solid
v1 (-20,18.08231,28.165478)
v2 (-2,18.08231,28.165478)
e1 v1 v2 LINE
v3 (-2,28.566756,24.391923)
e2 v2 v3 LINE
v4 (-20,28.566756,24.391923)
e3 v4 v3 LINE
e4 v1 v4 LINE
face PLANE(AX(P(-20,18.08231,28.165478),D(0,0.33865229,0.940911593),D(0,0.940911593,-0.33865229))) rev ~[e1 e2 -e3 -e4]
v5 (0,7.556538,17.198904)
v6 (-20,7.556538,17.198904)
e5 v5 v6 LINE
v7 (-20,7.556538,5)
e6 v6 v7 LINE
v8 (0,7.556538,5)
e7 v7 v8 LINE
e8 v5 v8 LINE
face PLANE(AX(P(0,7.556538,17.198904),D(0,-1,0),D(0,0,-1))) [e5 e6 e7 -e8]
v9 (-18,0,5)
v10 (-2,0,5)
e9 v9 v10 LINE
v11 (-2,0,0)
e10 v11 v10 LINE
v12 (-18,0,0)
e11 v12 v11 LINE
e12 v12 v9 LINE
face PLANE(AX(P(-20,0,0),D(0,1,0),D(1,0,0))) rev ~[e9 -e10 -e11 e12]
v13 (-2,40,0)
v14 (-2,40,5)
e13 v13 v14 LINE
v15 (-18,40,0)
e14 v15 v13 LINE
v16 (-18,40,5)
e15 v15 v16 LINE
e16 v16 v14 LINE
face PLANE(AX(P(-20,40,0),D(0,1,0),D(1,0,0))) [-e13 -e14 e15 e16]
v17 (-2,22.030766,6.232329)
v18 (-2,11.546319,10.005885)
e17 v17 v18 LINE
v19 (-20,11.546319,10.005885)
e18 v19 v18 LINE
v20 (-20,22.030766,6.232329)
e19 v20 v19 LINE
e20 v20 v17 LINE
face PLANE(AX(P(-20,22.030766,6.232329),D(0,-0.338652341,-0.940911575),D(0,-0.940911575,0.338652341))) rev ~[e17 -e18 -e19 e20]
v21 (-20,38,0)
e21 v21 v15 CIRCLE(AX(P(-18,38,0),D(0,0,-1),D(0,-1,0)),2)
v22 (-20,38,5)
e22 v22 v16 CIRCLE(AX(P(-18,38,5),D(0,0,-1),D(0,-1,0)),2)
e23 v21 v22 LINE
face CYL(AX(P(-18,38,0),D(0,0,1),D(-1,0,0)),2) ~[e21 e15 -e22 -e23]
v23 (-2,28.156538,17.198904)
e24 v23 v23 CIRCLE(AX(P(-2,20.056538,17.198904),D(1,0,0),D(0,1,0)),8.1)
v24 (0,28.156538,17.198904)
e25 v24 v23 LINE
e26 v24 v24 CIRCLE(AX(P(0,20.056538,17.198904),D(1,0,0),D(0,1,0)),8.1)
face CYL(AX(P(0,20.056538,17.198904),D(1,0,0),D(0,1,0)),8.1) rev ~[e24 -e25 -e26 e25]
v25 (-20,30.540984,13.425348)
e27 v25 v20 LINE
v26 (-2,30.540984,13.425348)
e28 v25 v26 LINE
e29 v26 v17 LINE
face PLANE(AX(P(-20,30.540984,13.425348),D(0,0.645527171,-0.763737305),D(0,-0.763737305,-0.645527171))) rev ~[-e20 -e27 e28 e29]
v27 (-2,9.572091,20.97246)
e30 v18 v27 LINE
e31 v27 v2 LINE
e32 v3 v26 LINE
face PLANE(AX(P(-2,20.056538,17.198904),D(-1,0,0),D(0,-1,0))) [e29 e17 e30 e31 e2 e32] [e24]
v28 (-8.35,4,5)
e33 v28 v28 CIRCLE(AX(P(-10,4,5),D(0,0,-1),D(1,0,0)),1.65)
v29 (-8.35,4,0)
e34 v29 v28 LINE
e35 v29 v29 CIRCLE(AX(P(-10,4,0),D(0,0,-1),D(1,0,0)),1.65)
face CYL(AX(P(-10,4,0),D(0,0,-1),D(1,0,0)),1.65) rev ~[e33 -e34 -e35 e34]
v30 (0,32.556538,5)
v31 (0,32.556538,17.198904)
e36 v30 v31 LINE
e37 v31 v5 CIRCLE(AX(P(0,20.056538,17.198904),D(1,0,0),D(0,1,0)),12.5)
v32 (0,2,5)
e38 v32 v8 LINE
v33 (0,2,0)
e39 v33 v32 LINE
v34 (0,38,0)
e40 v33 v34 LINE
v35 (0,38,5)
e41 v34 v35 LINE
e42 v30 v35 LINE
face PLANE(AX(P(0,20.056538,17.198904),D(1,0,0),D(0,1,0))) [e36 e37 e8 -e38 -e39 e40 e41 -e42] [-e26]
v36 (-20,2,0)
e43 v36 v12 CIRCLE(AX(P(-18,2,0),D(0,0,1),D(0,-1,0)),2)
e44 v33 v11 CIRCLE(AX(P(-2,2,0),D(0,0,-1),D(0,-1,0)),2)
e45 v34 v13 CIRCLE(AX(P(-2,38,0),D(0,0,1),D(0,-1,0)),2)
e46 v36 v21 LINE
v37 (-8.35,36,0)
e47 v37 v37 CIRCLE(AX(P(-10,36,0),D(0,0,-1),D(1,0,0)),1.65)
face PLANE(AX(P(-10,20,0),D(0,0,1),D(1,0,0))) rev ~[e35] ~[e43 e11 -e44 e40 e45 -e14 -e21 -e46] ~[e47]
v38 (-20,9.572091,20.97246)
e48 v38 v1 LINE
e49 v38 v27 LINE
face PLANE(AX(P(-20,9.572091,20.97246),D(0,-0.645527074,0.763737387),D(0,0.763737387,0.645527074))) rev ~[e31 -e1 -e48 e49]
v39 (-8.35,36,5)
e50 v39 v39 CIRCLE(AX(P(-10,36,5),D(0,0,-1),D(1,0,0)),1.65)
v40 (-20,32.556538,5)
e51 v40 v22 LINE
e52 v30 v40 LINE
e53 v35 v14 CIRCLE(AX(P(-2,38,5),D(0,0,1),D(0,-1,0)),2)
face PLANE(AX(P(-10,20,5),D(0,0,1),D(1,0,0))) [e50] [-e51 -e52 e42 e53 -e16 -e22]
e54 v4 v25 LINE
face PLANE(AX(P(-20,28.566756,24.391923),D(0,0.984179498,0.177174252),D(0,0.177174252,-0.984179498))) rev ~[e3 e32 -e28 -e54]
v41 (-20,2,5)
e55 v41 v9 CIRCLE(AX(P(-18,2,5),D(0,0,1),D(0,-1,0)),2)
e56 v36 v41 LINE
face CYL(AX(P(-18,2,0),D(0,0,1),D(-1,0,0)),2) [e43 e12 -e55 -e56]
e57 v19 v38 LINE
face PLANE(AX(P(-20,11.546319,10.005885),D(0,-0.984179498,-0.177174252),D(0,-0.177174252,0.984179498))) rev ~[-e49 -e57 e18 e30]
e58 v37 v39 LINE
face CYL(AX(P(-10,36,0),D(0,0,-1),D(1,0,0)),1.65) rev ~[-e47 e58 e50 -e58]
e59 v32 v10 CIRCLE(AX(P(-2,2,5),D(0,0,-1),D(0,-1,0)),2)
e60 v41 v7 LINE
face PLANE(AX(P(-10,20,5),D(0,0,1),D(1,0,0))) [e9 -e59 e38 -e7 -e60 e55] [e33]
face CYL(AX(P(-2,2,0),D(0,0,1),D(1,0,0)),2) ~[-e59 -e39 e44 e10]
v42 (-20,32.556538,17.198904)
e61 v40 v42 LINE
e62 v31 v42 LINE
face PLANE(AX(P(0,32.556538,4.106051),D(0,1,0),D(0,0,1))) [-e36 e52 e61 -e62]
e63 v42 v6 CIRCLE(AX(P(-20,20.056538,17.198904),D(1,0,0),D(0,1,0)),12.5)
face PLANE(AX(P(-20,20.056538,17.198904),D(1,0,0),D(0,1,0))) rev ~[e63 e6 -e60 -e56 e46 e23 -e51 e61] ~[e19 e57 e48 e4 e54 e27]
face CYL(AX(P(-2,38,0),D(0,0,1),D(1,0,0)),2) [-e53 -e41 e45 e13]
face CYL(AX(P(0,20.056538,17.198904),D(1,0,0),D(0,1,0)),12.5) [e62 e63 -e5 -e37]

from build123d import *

# Parameters (mm, degrees)
F0_W     = 20
F0_H     = 40
F1_DEPTH = 5
F2_R     = 8.1
F3_DEPTH = 20
F5_DEPTH = 18
F6_R     = 1.65
F7_DEPTH = 29.699904
F8_R     = 2


with BuildPart() as f1:
    # F0 (on Top) → F1 (new body)
    with BuildSketch(Plane.XY):
        with Locations((-10, 20)):
            Rectangle(F0_W, F0_H)
    extrude(amount=F1_DEPTH)

    # F2 (on Right) → F3 (join)
    with BuildSketch(Plane.YZ):
        with BuildLine():
            ThreePointArc((7.556538, 17.198904), (20.056538, 4.698904), (32.556538, 17.198904))
            ThreePointArc((32.556538, 17.198904), (20.056538, 29.698904), (7.556538, 17.198904))
        make_face()
        with Locations((20.056538, 17.198904)):
            Circle(F2_R, mode=Mode.SUBTRACT)
        with BuildLine():
            Line((32.556538, 4.106051), (32.556538, 17.198904))
            ThreePointArc((32.556538, 17.198904), (20.056538, 4.698904), (7.556538, 17.198904))
            Line((7.556538, 17.198904), (7.556538, 4.106051))
            Line((7.556538, 4.106051), (32.340245, 4.106051))
            Line((32.340245, 4.106051), (32.556538, 4.106051))
        make_face()
    extrude(amount=-F3_DEPTH)

    # F4 (on face) → F5 (cut)
    with BuildSketch(Plane(origin=(-20, 0, 0), x_dir=(0, -1, 0), z_dir=(-1, 0, 0))):
        Polygon((-30.540984, 13.425348), (-22.030766, 6.232329), (-11.546319, 10.005885), (-9.572091, 20.97246), (-18.08231, 28.165478), (-28.566756, 24.391923), align=None)
    extrude(amount=-F5_DEPTH, mode=Mode.SUBTRACT)

    # F6 (on face) → F7 (cut, through all)
    with BuildSketch(Plane(origin=(0, 0, 0), x_dir=(1, 0, 0), z_dir=(0, 0, -1))):
        with Locations((-10, -4)):
            Circle(F6_R)
        with Locations((-10, -36)):
            Circle(F6_R)
    extrude(amount=-F7_DEPTH, mode=Mode.SUBTRACT)

    # F8
    f8_edges = [f1.edges().sort_by_distance(p)[0] for p in [
        (-20, 40, 2.5),
        (0, 40, 2.5),
        (0, 0, 2.5),
        (-20, 0, 2.5),
    ]]
    fillet(f8_edges, radius=F8_R)


solid = f1.part
